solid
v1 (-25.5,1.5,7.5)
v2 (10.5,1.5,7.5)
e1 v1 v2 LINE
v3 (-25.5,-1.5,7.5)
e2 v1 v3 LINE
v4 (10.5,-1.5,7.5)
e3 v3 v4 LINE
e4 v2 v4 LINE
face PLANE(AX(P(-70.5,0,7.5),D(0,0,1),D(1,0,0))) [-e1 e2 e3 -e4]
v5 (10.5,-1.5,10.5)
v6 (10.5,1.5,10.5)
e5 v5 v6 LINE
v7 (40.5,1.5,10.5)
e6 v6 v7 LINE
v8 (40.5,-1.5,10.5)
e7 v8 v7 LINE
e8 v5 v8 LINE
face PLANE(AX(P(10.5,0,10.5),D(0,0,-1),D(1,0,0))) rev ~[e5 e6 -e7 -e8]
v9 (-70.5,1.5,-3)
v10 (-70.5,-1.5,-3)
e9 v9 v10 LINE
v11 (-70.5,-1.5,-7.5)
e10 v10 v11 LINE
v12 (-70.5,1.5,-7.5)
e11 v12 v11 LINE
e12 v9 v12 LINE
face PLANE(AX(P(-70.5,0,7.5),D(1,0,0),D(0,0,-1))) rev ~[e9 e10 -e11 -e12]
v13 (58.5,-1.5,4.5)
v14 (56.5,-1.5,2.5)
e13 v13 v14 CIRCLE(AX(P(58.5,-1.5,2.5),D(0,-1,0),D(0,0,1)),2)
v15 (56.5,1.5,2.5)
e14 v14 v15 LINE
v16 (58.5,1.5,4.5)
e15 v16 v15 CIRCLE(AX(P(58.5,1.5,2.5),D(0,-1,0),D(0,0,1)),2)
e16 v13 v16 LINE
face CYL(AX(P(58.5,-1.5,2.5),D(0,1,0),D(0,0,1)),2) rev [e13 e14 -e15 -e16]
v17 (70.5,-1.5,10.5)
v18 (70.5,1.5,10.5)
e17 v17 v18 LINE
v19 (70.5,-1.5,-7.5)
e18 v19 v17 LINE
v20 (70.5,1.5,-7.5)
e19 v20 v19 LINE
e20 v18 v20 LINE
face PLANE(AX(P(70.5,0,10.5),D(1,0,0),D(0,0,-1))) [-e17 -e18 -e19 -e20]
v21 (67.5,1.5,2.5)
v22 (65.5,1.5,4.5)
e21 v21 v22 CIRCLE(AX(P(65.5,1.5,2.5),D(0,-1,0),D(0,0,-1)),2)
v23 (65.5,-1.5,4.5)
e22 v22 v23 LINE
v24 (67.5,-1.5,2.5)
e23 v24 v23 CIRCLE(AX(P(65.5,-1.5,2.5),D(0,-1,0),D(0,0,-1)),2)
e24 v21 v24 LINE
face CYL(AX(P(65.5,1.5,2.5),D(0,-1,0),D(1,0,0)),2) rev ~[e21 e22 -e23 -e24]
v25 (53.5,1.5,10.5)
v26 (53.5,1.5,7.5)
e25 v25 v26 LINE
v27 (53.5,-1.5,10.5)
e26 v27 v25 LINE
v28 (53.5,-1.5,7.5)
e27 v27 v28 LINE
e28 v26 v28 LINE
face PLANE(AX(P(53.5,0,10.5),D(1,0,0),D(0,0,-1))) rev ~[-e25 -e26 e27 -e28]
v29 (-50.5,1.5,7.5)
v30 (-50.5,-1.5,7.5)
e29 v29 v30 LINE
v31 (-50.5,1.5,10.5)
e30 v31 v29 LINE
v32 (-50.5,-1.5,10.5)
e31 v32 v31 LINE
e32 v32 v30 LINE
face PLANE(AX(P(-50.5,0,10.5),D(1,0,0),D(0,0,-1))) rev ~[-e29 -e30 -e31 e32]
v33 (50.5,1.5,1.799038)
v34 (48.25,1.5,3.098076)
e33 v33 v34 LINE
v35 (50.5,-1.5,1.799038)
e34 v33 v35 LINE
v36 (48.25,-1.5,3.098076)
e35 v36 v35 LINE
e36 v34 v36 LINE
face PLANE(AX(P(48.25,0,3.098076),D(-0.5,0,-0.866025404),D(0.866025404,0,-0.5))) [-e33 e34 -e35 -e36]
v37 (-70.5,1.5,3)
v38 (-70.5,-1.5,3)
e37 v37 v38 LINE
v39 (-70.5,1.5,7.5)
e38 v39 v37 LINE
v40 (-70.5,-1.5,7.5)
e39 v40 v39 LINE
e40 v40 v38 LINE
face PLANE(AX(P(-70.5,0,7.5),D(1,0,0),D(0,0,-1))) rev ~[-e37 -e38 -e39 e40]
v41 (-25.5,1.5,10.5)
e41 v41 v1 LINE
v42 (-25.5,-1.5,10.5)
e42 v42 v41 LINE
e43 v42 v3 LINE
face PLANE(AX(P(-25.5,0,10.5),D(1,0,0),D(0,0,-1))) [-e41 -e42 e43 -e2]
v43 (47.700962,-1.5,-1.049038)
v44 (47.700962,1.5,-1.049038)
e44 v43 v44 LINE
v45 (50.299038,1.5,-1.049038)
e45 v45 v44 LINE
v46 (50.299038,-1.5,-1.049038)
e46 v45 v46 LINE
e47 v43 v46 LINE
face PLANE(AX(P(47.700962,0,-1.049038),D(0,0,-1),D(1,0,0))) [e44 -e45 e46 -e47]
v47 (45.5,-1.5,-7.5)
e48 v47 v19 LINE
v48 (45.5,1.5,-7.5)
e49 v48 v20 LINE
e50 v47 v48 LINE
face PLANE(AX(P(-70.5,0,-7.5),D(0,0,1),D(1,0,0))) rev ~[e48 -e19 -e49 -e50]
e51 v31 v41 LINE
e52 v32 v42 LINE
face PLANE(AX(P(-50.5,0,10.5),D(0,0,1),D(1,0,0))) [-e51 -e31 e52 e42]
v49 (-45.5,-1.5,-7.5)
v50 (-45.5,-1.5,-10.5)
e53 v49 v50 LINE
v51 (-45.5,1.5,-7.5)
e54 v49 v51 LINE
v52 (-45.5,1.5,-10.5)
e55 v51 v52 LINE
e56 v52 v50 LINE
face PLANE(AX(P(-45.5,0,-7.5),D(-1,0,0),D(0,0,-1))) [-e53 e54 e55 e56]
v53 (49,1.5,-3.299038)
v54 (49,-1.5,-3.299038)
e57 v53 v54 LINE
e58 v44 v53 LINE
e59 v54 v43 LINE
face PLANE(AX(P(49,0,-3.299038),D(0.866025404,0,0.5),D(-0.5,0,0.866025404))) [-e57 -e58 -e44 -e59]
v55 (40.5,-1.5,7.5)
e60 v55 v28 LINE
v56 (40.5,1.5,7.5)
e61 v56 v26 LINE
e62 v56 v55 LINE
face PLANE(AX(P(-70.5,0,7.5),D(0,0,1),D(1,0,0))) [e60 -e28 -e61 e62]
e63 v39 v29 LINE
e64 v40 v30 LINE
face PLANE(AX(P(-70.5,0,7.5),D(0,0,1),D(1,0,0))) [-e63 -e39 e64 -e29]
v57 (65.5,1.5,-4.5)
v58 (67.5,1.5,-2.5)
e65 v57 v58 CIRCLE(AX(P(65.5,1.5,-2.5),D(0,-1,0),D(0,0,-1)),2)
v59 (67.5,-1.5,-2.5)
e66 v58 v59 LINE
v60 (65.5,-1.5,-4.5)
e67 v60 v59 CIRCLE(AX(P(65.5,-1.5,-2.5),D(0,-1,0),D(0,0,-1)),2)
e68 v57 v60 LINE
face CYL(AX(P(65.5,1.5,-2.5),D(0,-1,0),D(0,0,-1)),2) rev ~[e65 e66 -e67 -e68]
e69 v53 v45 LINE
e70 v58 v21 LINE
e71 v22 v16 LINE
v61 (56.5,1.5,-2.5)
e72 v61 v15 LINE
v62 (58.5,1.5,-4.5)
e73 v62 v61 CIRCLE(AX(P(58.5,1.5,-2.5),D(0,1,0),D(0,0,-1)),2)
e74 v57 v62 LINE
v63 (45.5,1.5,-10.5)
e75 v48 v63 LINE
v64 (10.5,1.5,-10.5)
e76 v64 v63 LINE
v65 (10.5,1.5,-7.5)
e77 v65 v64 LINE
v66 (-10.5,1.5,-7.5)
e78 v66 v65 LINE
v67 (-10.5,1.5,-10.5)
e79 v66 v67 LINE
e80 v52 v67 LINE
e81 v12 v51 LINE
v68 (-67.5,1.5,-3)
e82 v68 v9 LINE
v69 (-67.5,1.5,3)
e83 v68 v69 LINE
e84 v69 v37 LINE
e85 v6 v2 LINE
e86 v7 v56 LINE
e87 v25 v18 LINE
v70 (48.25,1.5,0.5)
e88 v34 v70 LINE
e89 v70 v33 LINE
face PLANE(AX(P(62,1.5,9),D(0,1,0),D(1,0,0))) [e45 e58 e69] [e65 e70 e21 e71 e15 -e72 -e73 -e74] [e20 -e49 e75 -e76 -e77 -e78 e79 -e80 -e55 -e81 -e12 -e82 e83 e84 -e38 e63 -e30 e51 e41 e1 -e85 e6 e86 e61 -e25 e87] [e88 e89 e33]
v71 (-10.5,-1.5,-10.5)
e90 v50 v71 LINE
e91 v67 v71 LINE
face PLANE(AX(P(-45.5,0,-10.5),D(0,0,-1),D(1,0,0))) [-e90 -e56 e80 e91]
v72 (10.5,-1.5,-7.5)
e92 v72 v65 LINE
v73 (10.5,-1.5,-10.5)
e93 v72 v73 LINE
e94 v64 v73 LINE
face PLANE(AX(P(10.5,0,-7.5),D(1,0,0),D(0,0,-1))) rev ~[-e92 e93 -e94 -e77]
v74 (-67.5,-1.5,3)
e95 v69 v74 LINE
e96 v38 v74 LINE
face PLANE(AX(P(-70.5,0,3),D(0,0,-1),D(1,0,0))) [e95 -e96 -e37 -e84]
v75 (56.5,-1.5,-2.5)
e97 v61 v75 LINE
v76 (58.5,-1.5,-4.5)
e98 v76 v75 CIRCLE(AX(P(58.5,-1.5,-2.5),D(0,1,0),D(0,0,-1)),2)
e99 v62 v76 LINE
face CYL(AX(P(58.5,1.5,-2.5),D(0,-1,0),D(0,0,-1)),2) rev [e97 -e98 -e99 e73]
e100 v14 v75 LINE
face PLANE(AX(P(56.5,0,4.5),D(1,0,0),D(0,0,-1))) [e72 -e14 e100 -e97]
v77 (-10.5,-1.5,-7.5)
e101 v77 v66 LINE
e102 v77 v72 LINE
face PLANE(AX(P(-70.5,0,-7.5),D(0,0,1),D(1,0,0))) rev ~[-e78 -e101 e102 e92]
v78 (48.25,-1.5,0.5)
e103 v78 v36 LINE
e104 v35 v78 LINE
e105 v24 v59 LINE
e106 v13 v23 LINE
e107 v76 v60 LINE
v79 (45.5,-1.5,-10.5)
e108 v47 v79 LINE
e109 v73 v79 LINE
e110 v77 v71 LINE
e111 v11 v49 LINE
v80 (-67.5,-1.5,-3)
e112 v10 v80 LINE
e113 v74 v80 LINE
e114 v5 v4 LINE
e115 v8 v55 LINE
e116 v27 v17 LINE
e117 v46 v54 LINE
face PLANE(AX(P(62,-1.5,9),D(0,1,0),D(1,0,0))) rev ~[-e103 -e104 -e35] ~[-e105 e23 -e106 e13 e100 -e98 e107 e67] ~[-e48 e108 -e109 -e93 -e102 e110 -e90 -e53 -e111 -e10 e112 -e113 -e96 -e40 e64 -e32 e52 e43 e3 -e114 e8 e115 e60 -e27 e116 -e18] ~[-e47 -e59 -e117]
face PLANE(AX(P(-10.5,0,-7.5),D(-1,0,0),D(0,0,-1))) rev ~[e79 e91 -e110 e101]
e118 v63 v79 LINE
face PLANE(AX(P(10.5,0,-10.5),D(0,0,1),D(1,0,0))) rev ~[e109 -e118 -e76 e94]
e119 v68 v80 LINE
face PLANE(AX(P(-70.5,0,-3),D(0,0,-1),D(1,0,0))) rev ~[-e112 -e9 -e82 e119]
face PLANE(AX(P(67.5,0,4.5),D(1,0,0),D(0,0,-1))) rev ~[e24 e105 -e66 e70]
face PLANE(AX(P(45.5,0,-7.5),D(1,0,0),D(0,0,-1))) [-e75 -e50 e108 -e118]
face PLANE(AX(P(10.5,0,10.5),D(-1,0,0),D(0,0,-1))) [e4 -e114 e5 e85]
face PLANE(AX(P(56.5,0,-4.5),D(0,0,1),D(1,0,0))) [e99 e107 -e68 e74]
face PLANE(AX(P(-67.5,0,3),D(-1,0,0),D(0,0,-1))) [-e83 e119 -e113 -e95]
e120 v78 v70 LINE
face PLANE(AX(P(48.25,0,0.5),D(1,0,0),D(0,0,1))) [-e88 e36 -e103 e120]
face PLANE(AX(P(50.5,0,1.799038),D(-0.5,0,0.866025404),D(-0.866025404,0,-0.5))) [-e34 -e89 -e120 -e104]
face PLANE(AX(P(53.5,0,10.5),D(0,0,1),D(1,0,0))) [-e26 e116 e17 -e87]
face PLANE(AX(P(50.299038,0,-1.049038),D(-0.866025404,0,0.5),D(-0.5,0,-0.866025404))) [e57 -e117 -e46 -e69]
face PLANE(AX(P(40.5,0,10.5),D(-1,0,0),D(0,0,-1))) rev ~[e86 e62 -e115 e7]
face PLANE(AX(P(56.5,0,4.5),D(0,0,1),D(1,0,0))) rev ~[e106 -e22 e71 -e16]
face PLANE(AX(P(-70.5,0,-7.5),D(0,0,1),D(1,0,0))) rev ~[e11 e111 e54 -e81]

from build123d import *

# Parameters (mm, degrees)
SKETCH1_W                = 141
SKETCH1_H                = 15
BOSS_EXTRUDE1_DEPTH      = 1.5
SKETCH2_W                = 30
SKETCH2_H                = 3
SKETCH2_W_2              = 17
BOSS_EXTRUDE2_DEPTH      = 1.5
SKETCH12_W               = 25
SKETCH12_H               = 3
BOSS_EXTRUDE3_DEPTH      = 1.5
SKETCH13_W               = 35
SKETCH13_H               = 3
BOSS_EXTRUDE4_DEPTH      = 1.5
SKETCH15_W               = 11
SKETCH15_H               = 9
CUT_EXTRUDE10_DEPTH      = 2.5
CUT_EXTRUDE10_DEPTH_BACK = 2.5
FILLET4_R                = 2
CUT_EXTRUDE11_DEPTH      = 2.5
CUT_EXTRUDE11_DEPTH_BACK = 2.5
SKETCH17_W               = 3
SKETCH17_H               = 6
CUT_EXTRUDE12_DEPTH      = 2.5
CUT_EXTRUDE12_DEPTH_BACK = 2.5


with BuildPart() as part:
    # Sketch1 → Boss-Extrude1 (new body, symmetric)
    with BuildSketch(Plane(origin=(0, 0, 0), x_dir=(1, 0, 0), z_dir=(0, 1, 0))):
        Rectangle(SKETCH1_W, SKETCH1_H)
    extrude(amount=BOSS_EXTRUDE1_DEPTH, both=True)

    # Sketch2 → Boss-Extrude2 (add, symmetric)
    with BuildSketch(Plane(origin=(0, 0, 0), x_dir=(1, 0, 0), z_dir=(0, 1, 0))):
        with Locations((25.5, -9)):
            Rectangle(SKETCH2_W, SKETCH2_H)
        with Locations((62, -9)):
            Rectangle(SKETCH2_W_2, SKETCH2_H)
    extrude(amount=BOSS_EXTRUDE2_DEPTH, both=True)

    # Sketch12 → Boss-Extrude3 (add, symmetric)
    with BuildSketch(Plane(origin=(0, 0, 0), x_dir=(1, 0, 0), z_dir=(0, 1, 0))):
        with Locations((-38, -9)):
            Rectangle(SKETCH12_W, SKETCH12_H)
    extrude(amount=BOSS_EXTRUDE3_DEPTH, both=True)

    # Sketch13 → Boss-Extrude4 (add, symmetric)
    with BuildSketch(Plane(origin=(0, 0, 0), x_dir=(1, 0, 0), z_dir=(0, 1, 0))):
        with Locations((-28, 9)):
            Rectangle(SKETCH13_W, SKETCH13_H)
        with Locations((28, 9)):
            Rectangle(SKETCH13_W, SKETCH13_H)
    extrude(amount=BOSS_EXTRUDE4_DEPTH, both=True)

    # Sketch15 → Cut-Extrude10 (cut, two sides)
    with BuildSketch(Plane(origin=(0, 0, 0), x_dir=(1, 0, 0), z_dir=(0, 1, 0))) as cut_extrude10_sk:
        with Locations((62, 0)):
            Rectangle(SKETCH15_W, SKETCH15_H)
    extrude(amount=CUT_EXTRUDE10_DEPTH, mode=Mode.SUBTRACT)
    extrude(cut_extrude10_sk.sketch, amount=-CUT_EXTRUDE10_DEPTH_BACK, mode=Mode.SUBTRACT)

    # Fillet4
    fillet4_edges = [part.edges().sort_by_distance(p)[0] for p in [
        (56.5, 0, 4.5),
        (56.5, 0, -4.5),
        (67.5, 0, -4.5),
        (67.5, 0, 4.5),
    ]]
    fillet(fillet4_edges, radius=FILLET4_R)

    # Sketch16 → Cut-Extrude11 (cut, two sides)
    with BuildSketch(Plane(origin=(0, 0, 0), x_dir=(1, 0, 0), z_dir=(0, 1, 0))) as cut_extrude11_sk:
        Polygon((49, 3.299038106), (47.700961894, 1.049038106), (50.299038106, 1.049038106), align=None)
        Polygon((50.5, -1.799038106), (48.25, -0.5), (48.25, -3.098076211), align=None)
    extrude(amount=CUT_EXTRUDE11_DEPTH, mode=Mode.SUBTRACT)
    extrude(cut_extrude11_sk.sketch, amount=-CUT_EXTRUDE11_DEPTH_BACK, mode=Mode.SUBTRACT)

    # Sketch17 → Cut-Extrude12 (cut, two sides)
    with BuildSketch(Plane(origin=(0, 0, 0), x_dir=(1, 0, 0), z_dir=(0, 1, 0))) as cut_extrude12_sk:
        with Locations((-69, 0)):
            Rectangle(SKETCH17_W, SKETCH17_H)
    extrude(amount=CUT_EXTRUDE12_DEPTH, mode=Mode.SUBTRACT)
    extrude(cut_extrude12_sk.sketch, amount=-CUT_EXTRUDE12_DEPTH_BACK, mode=Mode.SUBTRACT)


solid = part.part
